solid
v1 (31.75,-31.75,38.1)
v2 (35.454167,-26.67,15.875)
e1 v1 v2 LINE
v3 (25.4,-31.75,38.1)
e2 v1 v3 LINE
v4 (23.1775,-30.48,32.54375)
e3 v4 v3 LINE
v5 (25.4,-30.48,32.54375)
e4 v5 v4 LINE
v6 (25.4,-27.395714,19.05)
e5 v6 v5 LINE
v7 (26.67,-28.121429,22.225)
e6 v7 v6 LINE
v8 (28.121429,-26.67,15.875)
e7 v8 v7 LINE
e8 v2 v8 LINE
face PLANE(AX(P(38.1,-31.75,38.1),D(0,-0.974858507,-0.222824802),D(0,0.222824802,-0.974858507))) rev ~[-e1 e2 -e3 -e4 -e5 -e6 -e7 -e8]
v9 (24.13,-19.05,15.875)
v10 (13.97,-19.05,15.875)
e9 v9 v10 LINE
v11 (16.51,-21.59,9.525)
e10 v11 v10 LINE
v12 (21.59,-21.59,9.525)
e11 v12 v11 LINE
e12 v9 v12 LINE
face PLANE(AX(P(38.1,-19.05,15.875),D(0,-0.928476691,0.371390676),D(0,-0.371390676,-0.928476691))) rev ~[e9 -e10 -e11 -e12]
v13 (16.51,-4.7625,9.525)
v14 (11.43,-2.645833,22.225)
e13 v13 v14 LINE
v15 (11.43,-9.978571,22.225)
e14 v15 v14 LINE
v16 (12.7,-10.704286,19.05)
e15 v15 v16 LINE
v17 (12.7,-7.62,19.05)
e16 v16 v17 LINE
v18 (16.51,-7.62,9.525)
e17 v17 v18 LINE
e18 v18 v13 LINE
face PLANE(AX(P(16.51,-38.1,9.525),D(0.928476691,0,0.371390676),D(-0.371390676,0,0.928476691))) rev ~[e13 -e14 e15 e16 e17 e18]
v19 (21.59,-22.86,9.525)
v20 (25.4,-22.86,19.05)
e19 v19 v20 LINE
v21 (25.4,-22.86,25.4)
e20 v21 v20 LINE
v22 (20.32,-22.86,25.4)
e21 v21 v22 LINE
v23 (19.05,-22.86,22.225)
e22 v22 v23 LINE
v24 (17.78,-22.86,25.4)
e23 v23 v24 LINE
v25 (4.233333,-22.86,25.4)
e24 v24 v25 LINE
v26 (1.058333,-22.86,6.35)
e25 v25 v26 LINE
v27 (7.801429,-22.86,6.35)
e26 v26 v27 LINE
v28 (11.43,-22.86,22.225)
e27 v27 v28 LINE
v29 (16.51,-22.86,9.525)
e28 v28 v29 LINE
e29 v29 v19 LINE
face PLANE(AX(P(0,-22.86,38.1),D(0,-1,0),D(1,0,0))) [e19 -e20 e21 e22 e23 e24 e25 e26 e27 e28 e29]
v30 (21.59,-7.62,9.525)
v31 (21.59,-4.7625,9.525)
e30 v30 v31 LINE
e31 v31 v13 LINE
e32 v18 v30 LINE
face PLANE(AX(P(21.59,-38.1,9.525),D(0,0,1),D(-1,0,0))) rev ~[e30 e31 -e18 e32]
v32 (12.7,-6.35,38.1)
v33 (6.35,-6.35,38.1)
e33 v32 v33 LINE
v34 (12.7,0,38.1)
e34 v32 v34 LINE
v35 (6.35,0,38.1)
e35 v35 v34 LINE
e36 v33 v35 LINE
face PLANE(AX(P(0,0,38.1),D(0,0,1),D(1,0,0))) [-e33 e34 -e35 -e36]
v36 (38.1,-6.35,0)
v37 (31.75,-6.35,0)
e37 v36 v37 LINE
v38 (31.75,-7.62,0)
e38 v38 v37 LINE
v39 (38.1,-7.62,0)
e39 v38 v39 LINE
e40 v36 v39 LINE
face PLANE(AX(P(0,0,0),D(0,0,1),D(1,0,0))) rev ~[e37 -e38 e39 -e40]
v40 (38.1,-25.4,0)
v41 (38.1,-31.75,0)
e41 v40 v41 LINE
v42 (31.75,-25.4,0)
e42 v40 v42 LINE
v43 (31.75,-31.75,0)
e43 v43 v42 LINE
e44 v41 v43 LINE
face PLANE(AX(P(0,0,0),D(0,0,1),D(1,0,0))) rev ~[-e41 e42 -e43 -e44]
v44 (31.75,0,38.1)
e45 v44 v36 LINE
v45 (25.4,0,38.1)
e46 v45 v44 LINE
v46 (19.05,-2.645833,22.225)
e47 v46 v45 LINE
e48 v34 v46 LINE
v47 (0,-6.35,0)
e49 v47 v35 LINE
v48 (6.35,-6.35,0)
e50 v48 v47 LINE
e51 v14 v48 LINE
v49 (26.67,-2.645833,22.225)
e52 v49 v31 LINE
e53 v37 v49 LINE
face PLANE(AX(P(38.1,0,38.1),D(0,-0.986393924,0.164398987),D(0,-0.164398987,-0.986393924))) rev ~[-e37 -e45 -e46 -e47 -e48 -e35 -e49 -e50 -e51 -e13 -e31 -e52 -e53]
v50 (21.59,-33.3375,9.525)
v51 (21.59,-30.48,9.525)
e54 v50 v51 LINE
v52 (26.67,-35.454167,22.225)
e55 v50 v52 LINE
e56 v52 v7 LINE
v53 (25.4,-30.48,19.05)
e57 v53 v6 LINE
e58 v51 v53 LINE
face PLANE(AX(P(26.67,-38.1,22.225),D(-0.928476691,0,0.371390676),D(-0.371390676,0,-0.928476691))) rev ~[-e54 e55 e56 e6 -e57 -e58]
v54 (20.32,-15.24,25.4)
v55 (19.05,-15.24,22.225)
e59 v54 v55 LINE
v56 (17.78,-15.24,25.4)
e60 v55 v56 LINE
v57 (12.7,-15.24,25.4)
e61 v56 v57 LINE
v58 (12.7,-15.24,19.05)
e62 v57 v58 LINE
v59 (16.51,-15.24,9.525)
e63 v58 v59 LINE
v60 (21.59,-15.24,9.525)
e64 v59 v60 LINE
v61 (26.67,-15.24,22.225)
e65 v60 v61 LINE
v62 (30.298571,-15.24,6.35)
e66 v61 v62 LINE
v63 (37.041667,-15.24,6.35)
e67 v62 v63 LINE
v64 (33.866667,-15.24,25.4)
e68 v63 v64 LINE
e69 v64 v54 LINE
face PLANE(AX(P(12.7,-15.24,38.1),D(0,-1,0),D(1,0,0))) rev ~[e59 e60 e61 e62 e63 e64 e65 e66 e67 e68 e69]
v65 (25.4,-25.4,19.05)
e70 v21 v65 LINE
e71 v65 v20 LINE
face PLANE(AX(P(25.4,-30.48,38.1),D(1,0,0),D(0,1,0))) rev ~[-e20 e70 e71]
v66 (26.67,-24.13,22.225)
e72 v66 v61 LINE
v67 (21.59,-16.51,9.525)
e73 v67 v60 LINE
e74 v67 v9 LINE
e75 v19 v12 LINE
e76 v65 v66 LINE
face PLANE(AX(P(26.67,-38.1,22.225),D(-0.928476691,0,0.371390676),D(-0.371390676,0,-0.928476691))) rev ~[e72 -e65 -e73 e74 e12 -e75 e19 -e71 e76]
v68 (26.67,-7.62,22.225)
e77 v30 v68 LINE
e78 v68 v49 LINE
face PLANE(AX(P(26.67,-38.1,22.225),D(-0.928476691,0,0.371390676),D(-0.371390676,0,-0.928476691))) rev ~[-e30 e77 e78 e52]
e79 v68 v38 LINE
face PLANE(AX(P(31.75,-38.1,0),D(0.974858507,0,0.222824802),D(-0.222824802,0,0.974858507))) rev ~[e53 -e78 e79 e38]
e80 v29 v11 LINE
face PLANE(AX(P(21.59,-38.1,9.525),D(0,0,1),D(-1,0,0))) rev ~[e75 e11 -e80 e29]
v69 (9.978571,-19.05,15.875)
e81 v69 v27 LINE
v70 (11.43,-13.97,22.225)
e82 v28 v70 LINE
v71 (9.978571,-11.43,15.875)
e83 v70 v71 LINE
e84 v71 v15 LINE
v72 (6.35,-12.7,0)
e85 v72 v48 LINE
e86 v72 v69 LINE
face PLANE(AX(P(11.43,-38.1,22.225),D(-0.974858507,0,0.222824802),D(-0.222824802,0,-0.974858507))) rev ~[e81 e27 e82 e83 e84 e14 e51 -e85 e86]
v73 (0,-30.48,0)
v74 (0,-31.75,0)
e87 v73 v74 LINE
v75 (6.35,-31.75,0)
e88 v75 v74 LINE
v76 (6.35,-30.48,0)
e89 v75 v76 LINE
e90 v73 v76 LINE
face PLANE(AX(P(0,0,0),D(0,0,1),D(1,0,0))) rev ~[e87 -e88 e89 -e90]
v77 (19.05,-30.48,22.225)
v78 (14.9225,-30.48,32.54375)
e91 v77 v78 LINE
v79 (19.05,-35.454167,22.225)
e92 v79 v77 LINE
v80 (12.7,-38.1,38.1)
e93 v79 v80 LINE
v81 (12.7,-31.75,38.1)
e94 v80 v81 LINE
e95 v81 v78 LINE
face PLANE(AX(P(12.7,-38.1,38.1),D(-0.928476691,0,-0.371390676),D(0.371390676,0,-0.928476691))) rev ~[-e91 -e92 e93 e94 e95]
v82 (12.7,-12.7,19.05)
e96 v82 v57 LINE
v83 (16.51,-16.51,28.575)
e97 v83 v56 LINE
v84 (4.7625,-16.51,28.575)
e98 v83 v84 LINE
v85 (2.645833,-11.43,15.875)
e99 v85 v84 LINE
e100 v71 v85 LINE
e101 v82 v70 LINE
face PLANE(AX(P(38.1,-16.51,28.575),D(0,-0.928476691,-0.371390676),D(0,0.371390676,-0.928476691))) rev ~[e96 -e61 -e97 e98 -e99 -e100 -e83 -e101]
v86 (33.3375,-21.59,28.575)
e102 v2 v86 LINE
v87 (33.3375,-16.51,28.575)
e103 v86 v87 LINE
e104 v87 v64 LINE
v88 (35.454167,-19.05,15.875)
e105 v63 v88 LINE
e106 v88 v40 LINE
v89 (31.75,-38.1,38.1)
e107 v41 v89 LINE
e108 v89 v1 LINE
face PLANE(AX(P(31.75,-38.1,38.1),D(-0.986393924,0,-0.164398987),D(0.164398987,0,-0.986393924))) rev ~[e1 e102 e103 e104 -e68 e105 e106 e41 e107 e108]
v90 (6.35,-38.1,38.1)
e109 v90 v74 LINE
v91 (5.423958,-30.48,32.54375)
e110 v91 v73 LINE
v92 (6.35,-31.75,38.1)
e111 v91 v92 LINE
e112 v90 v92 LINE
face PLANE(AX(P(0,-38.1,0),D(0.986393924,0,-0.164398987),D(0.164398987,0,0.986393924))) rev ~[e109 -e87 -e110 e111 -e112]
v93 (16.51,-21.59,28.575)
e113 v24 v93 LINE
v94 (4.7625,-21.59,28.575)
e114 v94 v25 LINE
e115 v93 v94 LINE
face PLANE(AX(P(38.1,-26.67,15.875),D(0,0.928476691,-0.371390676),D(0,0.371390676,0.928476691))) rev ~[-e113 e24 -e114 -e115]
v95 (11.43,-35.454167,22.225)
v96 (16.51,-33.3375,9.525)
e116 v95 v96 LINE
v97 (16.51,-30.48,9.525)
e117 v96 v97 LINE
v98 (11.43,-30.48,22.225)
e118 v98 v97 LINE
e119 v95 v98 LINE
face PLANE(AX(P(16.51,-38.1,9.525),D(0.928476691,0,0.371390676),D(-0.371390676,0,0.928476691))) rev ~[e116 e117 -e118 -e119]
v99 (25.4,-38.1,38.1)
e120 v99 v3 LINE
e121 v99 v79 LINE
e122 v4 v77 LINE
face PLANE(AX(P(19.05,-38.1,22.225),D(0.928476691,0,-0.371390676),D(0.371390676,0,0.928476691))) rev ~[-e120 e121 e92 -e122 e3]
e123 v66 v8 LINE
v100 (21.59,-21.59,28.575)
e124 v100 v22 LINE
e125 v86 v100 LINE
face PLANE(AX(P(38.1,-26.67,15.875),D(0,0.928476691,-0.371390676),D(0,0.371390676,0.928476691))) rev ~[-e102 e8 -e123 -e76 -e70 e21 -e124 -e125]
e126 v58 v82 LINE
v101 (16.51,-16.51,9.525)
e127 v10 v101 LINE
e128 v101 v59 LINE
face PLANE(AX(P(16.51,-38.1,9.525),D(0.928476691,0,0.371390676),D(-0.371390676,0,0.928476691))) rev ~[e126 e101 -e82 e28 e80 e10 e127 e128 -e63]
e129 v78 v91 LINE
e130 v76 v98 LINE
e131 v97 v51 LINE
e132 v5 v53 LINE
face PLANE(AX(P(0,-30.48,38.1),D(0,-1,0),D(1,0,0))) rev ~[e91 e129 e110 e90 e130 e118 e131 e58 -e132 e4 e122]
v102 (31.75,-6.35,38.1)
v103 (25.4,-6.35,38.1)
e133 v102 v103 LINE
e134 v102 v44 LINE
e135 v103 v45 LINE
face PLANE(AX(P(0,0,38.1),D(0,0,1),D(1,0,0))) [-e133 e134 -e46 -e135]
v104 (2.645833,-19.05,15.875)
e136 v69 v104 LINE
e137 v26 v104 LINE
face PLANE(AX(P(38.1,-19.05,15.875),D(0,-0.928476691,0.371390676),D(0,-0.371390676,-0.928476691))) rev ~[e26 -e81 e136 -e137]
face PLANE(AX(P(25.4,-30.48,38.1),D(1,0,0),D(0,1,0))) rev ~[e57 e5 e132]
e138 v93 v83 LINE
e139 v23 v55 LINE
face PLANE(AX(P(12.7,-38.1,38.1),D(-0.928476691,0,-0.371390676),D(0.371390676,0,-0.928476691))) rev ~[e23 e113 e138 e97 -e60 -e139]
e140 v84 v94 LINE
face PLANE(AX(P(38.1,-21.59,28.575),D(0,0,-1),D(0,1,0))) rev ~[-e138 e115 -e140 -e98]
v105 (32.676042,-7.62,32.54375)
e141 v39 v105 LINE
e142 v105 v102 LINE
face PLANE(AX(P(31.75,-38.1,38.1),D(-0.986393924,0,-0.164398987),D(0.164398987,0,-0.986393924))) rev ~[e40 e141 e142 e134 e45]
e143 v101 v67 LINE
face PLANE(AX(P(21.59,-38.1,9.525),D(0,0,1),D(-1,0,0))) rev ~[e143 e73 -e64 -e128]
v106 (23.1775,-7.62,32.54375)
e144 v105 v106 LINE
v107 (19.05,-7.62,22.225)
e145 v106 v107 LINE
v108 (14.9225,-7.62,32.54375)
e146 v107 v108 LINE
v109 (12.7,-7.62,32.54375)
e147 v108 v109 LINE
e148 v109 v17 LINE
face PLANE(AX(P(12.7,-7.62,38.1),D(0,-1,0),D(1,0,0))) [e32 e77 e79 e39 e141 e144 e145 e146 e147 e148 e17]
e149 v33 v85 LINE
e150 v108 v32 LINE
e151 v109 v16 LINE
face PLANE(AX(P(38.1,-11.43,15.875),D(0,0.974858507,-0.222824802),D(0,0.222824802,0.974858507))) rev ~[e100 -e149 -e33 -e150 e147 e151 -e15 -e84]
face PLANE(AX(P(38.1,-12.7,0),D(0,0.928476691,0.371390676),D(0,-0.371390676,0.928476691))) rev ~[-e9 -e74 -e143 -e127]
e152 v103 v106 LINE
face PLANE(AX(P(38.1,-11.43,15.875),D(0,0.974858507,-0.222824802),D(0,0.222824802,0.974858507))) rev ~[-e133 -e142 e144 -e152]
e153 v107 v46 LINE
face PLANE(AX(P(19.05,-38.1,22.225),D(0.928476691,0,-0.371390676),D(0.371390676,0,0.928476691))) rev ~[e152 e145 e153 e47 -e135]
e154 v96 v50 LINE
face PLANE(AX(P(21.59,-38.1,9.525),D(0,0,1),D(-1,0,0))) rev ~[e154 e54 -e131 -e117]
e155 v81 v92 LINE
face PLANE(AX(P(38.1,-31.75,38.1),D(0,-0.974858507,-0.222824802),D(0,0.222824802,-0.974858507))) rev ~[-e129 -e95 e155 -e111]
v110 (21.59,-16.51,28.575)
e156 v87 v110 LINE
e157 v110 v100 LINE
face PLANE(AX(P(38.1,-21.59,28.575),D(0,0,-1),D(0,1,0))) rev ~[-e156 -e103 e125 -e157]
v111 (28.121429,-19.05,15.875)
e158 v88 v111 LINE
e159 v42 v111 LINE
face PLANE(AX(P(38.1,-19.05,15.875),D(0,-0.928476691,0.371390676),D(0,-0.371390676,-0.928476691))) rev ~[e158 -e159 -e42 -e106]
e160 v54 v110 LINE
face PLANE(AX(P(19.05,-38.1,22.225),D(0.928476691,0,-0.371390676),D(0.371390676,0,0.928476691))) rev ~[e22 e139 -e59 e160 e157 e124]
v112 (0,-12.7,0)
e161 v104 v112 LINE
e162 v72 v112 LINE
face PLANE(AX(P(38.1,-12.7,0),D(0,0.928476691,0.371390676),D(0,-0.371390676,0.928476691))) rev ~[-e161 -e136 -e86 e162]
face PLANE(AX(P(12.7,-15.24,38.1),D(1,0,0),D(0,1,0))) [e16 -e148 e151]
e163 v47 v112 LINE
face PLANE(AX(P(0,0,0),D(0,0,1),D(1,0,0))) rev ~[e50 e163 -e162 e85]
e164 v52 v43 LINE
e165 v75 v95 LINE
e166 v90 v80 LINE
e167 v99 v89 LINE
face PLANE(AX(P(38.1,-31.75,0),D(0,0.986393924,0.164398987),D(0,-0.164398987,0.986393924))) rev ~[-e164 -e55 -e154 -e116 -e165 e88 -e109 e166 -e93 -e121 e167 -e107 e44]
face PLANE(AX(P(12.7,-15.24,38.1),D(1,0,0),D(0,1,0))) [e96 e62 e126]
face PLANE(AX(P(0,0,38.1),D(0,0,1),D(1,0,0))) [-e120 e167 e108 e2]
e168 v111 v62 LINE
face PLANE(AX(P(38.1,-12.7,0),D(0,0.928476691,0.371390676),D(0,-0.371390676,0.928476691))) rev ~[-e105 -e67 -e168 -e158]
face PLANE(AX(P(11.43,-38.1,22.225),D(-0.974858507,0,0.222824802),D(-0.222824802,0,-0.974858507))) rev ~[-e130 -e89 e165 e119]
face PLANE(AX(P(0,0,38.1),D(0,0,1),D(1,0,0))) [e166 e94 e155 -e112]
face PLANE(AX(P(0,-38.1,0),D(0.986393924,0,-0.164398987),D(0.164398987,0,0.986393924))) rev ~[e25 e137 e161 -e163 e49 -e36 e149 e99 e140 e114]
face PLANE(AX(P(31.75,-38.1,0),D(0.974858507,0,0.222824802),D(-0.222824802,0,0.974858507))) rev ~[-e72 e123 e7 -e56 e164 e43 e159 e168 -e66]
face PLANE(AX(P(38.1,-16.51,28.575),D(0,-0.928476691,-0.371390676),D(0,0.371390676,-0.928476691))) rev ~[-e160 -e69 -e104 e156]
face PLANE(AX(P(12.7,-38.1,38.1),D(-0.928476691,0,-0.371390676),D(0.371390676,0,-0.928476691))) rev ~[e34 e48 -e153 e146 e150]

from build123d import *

# Parameters (mm, degrees)
F0_W      = 38.1
F0_H      = 38.1
F6_DEPTH  = 38.1
F7_DEPTH  = 38.1
F8_DEPTH  = 38.1
F9_W      = 25.4
F9_H      = 7.62
F10_DEPTH = 38.1


with BuildPart() as f6:
    # F0 (on Front) → F6 (new body)
    with BuildSketch(Plane.XZ):
        with Locations((19.05, 19.05)):
            Rectangle(F0_W, F0_H)
    extrude(amount=F6_DEPTH)

    # F4 (on offset) → F7 (cut)
    with BuildSketch(Plane.YZ.offset(38.1)):
        Polygon((-31.75, 0), (-38.1, 38.1), (-38.1, 0), align=None)
        Polygon((-6.35, 38.1), (-31.75, 38.1), (-26.67, 15.875), (-21.59, 28.575), (-16.51, 28.575), (-11.43, 15.875), align=None)
        Polygon((-19.05, 15.875), (-25.4, 0), (-12.7, 0), align=None)
        Polygon((0, 0), (0, 38.1), (-6.35, 0), align=None)
    extrude(amount=-F7_DEPTH, mode=Mode.SUBTRACT)

    # F5 (on offset) → F8 (cut)
    with BuildSketch(Plane.XZ.offset(38.1)):
        Polygon((0, 38.1), (0, 0), (6.35, 38.1), align=None)
        Polygon((25.4, 38.1), (12.7, 38.1), (19.05, 22.225), align=None)
        Polygon((31.75, 38.1), (38.1, 0), (38.1, 38.1), align=None)
        Polygon((11.43, 22.225), (6.35, 0), (31.75, 0), (26.67, 22.225), (21.59, 9.525), (16.51, 9.525), align=None)
    extrude(amount=-F8_DEPTH, mode=Mode.SUBTRACT)

    # F9 (on offset) → F10 (cut)
    with BuildSketch(Plane.XY.offset(38.1)):
        with Locations((25.4, -11.43)):
            Rectangle(F9_W, F9_H)
        with Locations((12.7, -26.67)):
            Rectangle(F9_W, F9_H)
    extrude(amount=-F10_DEPTH, mode=Mode.SUBTRACT)


solid = f6.part
